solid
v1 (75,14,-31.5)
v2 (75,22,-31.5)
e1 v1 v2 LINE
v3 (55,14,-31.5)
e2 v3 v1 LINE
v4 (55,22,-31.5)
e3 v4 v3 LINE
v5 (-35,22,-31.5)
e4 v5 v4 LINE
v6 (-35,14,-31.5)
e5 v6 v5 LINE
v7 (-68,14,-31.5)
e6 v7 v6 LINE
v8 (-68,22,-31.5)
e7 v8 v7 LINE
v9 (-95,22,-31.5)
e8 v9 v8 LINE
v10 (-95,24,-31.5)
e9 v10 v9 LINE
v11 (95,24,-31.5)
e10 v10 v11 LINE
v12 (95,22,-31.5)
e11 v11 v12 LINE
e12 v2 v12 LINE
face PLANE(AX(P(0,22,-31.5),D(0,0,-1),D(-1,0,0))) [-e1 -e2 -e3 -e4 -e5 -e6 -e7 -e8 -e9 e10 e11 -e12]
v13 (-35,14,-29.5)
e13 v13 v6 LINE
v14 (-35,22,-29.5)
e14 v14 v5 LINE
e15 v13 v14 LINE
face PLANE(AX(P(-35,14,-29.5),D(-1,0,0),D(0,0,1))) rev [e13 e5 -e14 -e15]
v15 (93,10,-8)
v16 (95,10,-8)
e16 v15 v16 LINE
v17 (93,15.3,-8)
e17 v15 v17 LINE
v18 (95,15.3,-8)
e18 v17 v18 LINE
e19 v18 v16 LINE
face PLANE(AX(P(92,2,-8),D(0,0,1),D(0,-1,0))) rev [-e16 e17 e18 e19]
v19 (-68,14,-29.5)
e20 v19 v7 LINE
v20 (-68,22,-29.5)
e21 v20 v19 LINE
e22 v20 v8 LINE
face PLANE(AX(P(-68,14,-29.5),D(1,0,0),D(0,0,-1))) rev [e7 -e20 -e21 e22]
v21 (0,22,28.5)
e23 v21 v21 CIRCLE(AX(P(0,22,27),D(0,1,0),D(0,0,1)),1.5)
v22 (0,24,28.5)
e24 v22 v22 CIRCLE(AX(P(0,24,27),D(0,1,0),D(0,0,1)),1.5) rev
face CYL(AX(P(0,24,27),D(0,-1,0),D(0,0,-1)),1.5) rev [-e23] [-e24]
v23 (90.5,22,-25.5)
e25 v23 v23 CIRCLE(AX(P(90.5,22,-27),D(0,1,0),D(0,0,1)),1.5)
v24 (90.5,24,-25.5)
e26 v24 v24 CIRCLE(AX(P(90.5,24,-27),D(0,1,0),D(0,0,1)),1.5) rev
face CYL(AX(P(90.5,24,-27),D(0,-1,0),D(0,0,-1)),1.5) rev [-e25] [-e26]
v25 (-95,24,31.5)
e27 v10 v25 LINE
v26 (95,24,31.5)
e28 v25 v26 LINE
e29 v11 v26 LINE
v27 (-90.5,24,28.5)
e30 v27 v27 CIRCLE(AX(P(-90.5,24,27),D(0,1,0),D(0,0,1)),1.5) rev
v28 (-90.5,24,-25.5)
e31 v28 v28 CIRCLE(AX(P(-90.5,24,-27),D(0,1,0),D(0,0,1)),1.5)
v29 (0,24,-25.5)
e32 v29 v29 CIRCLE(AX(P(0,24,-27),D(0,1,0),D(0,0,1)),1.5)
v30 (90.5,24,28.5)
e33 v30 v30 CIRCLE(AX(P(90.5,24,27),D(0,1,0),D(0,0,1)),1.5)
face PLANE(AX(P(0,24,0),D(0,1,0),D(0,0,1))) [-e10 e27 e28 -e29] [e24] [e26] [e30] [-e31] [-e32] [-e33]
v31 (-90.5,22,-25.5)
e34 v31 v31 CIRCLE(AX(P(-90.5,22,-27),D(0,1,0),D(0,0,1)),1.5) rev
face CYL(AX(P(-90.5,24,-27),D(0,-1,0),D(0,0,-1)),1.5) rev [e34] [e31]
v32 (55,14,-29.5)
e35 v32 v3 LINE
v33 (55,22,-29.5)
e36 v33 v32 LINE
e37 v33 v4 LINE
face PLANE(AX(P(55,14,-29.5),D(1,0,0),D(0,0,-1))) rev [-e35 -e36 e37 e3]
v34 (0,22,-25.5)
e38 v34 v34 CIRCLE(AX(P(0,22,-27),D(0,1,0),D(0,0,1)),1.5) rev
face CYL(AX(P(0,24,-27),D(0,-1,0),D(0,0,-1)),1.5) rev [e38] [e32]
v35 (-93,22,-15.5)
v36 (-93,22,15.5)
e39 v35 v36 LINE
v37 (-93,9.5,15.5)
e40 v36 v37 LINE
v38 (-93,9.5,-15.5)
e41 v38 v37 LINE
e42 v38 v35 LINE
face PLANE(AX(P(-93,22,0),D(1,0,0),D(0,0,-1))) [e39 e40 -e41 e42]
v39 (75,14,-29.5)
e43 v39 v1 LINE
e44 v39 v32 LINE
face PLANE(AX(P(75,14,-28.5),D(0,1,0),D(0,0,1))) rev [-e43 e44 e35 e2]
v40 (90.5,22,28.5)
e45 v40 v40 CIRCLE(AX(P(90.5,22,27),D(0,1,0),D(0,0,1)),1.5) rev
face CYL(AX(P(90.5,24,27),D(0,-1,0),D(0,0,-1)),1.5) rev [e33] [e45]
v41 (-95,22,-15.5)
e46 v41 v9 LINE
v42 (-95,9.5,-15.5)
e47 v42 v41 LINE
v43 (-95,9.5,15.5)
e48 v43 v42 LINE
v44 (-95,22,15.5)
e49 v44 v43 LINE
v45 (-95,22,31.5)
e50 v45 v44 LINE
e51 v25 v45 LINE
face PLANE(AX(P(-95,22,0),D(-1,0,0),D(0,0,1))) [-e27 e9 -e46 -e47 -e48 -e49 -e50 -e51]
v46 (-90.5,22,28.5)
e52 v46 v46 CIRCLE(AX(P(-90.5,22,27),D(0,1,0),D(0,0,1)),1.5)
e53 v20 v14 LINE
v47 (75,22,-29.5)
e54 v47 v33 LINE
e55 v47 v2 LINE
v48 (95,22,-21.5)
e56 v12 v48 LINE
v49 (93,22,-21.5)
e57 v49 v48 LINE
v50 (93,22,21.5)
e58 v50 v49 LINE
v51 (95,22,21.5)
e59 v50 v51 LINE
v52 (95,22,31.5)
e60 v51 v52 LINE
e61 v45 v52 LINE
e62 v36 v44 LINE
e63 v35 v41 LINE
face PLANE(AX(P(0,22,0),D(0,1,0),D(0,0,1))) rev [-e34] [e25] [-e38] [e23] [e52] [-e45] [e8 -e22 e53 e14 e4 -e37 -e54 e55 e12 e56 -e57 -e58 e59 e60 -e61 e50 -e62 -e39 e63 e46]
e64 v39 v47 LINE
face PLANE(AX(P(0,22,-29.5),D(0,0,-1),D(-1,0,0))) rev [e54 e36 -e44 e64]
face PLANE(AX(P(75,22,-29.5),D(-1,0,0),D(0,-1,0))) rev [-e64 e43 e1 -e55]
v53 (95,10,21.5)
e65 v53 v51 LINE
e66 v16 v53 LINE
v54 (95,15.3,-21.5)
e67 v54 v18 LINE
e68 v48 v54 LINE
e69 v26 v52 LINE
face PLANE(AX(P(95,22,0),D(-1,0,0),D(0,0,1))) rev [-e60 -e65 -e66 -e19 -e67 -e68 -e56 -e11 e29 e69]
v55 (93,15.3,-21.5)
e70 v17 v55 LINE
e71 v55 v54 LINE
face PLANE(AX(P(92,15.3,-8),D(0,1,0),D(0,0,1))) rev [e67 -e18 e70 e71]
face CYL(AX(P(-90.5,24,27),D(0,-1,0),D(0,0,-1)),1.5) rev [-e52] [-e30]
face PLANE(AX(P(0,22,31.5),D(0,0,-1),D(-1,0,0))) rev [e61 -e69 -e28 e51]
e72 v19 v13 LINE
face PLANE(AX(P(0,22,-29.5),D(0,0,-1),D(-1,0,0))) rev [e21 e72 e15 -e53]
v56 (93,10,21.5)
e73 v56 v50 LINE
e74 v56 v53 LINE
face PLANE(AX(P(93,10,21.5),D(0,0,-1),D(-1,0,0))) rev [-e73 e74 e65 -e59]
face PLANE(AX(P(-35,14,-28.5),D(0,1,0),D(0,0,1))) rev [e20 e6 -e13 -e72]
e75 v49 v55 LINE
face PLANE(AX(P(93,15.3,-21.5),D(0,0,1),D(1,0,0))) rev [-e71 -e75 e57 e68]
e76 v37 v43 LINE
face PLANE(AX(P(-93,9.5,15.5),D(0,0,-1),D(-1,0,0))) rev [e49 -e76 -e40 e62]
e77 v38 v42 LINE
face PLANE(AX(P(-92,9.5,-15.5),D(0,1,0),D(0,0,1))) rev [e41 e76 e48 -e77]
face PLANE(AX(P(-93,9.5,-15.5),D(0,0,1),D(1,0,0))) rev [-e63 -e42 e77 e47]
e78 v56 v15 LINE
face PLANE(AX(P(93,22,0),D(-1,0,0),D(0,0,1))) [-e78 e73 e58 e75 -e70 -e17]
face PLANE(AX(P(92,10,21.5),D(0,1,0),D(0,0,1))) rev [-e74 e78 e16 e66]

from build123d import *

# Parameters (mm, degrees)
BOSS_EXTRUDE1_DEPTH   = 2
SKETCH1_4_R           = 1.5
BOSS_EXTRUDE2_DEPTH   = 19
BOSS_EXTRUDE2_2_DEPTH = 19
BOSS_EXTRUDE2_3_DEPTH = 19
BOSS_EXTRUDE2_4_DEPTH = 19
BOSS_EXTRUDE2_5_DEPTH = 19
BOSS_EXTRUDE2_6_DEPTH = 19
SKETCH1_5_R           = 1.5
BOSS_EXTRUDE3_DEPTH   = 20
BOSS_EXTRUDE4_DEPTH   = 22
SKETCH2_W             = 23
SKETCH2_H             = 8
SKETCH2_W_2           = 13.5
SKETCH2_H_2           = 13.3
CUT_EXTRUDE1_DEPTH    = 3
SKETCH3_W             = 20
SKETCH3_H             = 12
SKETCH3_W_2           = 33
CUT_EXTRUDE2_DEPTH    = 3
SKETCH4_W             = 12
SKETCH4_H             = 7.5
CUT_EXTRUDE3_DEPTH    = 3
SKETCH10_W            = 190
SKETCH10_H            = 63
BOSS_EXTRUDE5_DEPTH   = 2
SKETCH10_3_W          = 186
SKETCH10_3_H          = 59
CUT_EXTRUDE7_DEPTH    = 22
CUT_EXTRUDE8_DEPTH    = 2
CUT_EXTRUDE9_DEPTH    = 2
CUT_EXTRUDE10_DEPTH   = 2
SKETCH9_W             = 190
SKETCH9_H             = 22
CUT_EXTRUDE11_DEPTH   = 2
SKETCH1_7_R           = 1.5
CUT_EXTRUDE12_DEPTH   = 24


with BuildPart() as part:
    # Sketch1 → Boss-Extrude1 (new body)
    with BuildSketch(Plane(origin=(0, 0, 0), x_dir=(1, 0, 0), z_dir=(0, 1, 0))):
        with BuildLine():
            Line((-90.5, 22.5), (-93, 22.5))
            Line((-93, 22.5), (-93, -22.5))
            Line((-93, -22.5), (-90.5, -22.5))
            ThreePointArc((-90.5, -22.5), (-87.318019485, -23.818019485), (-86, -27))
            Line((-86, -27), (-86, -29.5))
            Line((-86, -29.5), (-4.5, -29.5))
            Line((-4.5, -29.5), (-4.5, -27))
            ThreePointArc((-4.5, -27), (0, -22.5), (4.5, -27))
            Line((4.5, -27), (4.5, -29.5))
            Line((4.5, -29.5), (86, -29.5))
            Line((86, -29.5), (86, -27))
            ThreePointArc((86, -27), (87.318019485, -23.818019485), (90.5, -22.5))
            Line((90.5, -22.5), (93, -22.5))
            Line((93, -22.5), (93, 22.5))
            Line((93, 22.5), (90.5, 22.5))
            ThreePointArc((90.5, 22.5), (87.318019485, 23.818019485), (86, 27))
            Line((86, 27), (86, 29.5))
            Line((86, 29.5), (4.5, 29.5))
            Line((4.5, 29.5), (4.5, 27))
            ThreePointArc((4.5, 27), (0, 22.5), (-4.5, 27))
            Line((-4.5, 27), (-4.5, 29.5))
            Line((-4.5, 29.5), (-86, 29.5))
            Line((-86, 29.5), (-86, 27))
            ThreePointArc((-86, 27), (-87.318019485, 23.818019485), (-90.5, 22.5))
        make_face()
    extrude(amount=BOSS_EXTRUDE1_DEPTH)



with BuildPart() as body_2:
    # Sketch1<4> → Boss-Extrude2 (new body)
    with BuildSketch(Plane(origin=(0, 0, 0), x_dir=(1, 0, 0), z_dir=(0, 1, 0))):
        with Locations((-90.5, 27)):
            Circle(SKETCH1_4_R)
    extrude(amount=BOSS_EXTRUDE2_DEPTH)



with BuildPart() as body_3:
    # Sketch1<4> → Boss-Extrude2 2 (new body)
    with BuildSketch(Plane(origin=(0, 0, 0), x_dir=(1, 0, 0), z_dir=(0, 1, 0))):
        with Locations((90.5, 27)):
            Circle(SKETCH1_4_R)
    extrude(amount=BOSS_EXTRUDE2_2_DEPTH)


with BuildPart() as body_4:
    # Sketch1<4> → Boss-Extrude2 3 (new body)
    with BuildSketch(Plane(origin=(0, 0, 0), x_dir=(1, 0, 0), z_dir=(0, 1, 0))):
        with Locations((90.5, -27)):
            Circle(SKETCH1_4_R)
    extrude(amount=BOSS_EXTRUDE2_3_DEPTH)


with BuildPart() as body_5:
    # Sketch1<4> → Boss-Extrude2 4 (new body)
    with BuildSketch(Plane(origin=(0, 0, 0), x_dir=(1, 0, 0), z_dir=(0, 1, 0))):
        with Locations((-90.5, -27)):
            Circle(SKETCH1_4_R)
    extrude(amount=BOSS_EXTRUDE2_4_DEPTH)


with BuildPart() as body_6:
    # Sketch1<4> → Boss-Extrude2 5 (new body)
    with BuildSketch(Plane(origin=(0, 0, 0), x_dir=(1, 0, 0), z_dir=(0, 1, 0))):
        with Locations((0, 27)):
            Circle(SKETCH1_4_R)
    extrude(amount=BOSS_EXTRUDE2_5_DEPTH)


with BuildPart() as body_7:
    # Sketch1<4> → Boss-Extrude2 6 (new body)
    with BuildSketch(Plane(origin=(0, 0, 0), x_dir=(1, 0, 0), z_dir=(0, 1, 0))):
        with Locations((0, -27)):
            Circle(SKETCH1_4_R)
    extrude(amount=BOSS_EXTRUDE2_6_DEPTH)


with BuildPart() as body_2_1:
    add(body_2.part)

    add(body_3.part)  # Boss-Extrude3 merges body 3

    add(body_4.part)  # Boss-Extrude3 merges body 4

    add(body_5.part)  # Boss-Extrude3 merges body 5

    add(body_6.part)  # Boss-Extrude3 merges body 6

    add(body_7.part)  # Boss-Extrude3 merges body 7
    # Sketch1<5> → Boss-Extrude3 (add)
    # profile 1 of 6: a face of its own
    with BuildSketch(Plane(origin=(0, 0, 0), x_dir=(1, 0, 0), z_dir=(0, 1, 0))):
        Polygon((93.5, 27), (92, 29.598076211), (89, 29.598076211), (87.5, 27), (89, 24.401923789), (92, 24.401923789), align=None)
        with Locations((90.5, 27)):
            Circle(SKETCH1_5_R, mode=Mode.SUBTRACT)
    # profile 2 of 6: a face of its own
    with BuildSketch(Plane(origin=(0, 0, 0), x_dir=(1, 0, 0), z_dir=(0, 1, 0))):
        Polygon((-92, 29.598076211), (-93.5, 27), (-92, 24.401923789), (-89, 24.401923789), (-87.5, 27), (-89, 29.598076211), align=None)
        with Locations((-90.5, 27)):
            Circle(SKETCH1_5_R, mode=Mode.SUBTRACT)
    # profile 3 of 6: a face of its own
    with BuildSketch(Plane(origin=(0, 0, 0), x_dir=(1, 0, 0), z_dir=(0, 1, 0))):
        Polygon((87.5, -27), (89, -29.598076211), (92, -29.598076211), (93.5, -27), (92, -24.401923789), (89, -24.401923789), align=None)
        with Locations((90.5, -27)):
            Circle(SKETCH1_5_R, mode=Mode.SUBTRACT)
    # profile 4 of 6: a face of its own
    with BuildSketch(Plane(origin=(0, 0, 0), x_dir=(1, 0, 0), z_dir=(0, 1, 0))):
        Polygon((-93.5, -27), (-92, -29.598076211), (-89, -29.598076211), (-87.5, -27), (-89, -24.401923789), (-92, -24.401923789), align=None)
        with Locations((-90.5, -27)):
            Circle(SKETCH1_5_R, mode=Mode.SUBTRACT)
    # profile 5 of 6: a face of its own
    with BuildSketch(Plane(origin=(0, 0, 0), x_dir=(1, 0, 0), z_dir=(0, 1, 0))):
        Polygon((3, -27), (1.5, -24.401923789), (-1.5, -24.401923789), (-3, -27), (-1.5, -29.598076211), (1.5, -29.598076211), align=None)
        with Locations((0, -27)):
            Circle(SKETCH1_5_R, mode=Mode.SUBTRACT)
    # profile 6 of 6: a face of its own
    with BuildSketch(Plane(origin=(0, 0, 0), x_dir=(1, 0, 0), z_dir=(0, 1, 0))):
        Polygon((1.5, 24.401923789), (3, 27), (1.5, 29.598076211), (-1.5, 29.598076211), (-3, 27), (-1.5, 24.401923789), align=None)
        with Locations((0, 27)):
            Circle(SKETCH1_5_R, mode=Mode.SUBTRACT)
    extrude(amount=BOSS_EXTRUDE3_DEPTH)


with BuildPart() as part_1:
    add(part.part)

    add(body_2_1.part)  # Boss-Extrude4 merges body 2
    # Sketch1<6> → Boss-Extrude4 (add)
    with BuildSketch(Plane(origin=(0, 0, 0), x_dir=(1, 0, 0), z_dir=(0, 1, 0))):
        Polygon((-95, -22.5), (-95, -31.5), (-86, -31.5), (86, -31.5), (95, -31.5), (95, -22.5), (95, 22.5), (95, 31.5), (86, 31.5), (4.5, 31.5), (-4.5, 31.5), (-86, 31.5), (-95, 31.5), (-95, 22.5), align=None)
        Polygon((-89, -29.598076211), (-92, -29.598076211), (-93.5, -27), (-92, -24.401923789), (-89, -24.401923789), (-87.5, -27), align=None, mode=Mode.SUBTRACT)
        Polygon((-1.5, -24.401923789), (1.5, -24.401923789), (3, -27), (1.5, -29.598076211), (-1.5, -29.598076211), (-3, -27), align=None, mode=Mode.SUBTRACT)
        Polygon((92, -29.598076211), (89, -29.598076211), (87.5, -27), (89, -24.401923789), (92, -24.401923789), (93.5, -27), align=None, mode=Mode.SUBTRACT)
        Polygon((-92, 24.401923789), (-93.5, 27), (-92, 29.598076211), (-89, 29.598076211), (-87.5, 27), (-89, 24.401923789), align=None, mode=Mode.SUBTRACT)
        Polygon((1.5, 29.598076211), (3, 27), (1.5, 24.401923789), (-1.5, 24.401923789), (-3, 27), (-1.5, 29.598076211), align=None, mode=Mode.SUBTRACT)
        with BuildLine():
            Line((-93, -22.5), (-93, 22.5))
            Line((-93, 22.5), (-90.5, 22.5))
            ThreePointArc((-90.5, 22.5), (-87.318019485, 23.818019485), (-86, 27))
            Line((-86, 27), (-86, 29.5))
            Line((-86, 29.5), (-4.5, 29.5))
            Line((-4.5, 29.5), (-4.5, 27))
            ThreePointArc((-4.5, 27), (0, 22.5), (4.5, 27))
            Line((4.5, 27), (4.5, 29.5))
            Line((4.5, 29.5), (86, 29.5))
            Line((86, 29.5), (86, 27))
            ThreePointArc((86, 27), (87.318019485, 23.818019485), (90.5, 22.5))
            Line((90.5, 22.5), (93, 22.5))
            Line((93, 22.5), (93, -22.5))
            Line((93, -22.5), (90.5, -22.5))
            ThreePointArc((90.5, -22.5), (87.318019485, -23.818019485), (86, -27))
            Line((86, -27), (86, -29.5))
            Line((86, -29.5), (4.5, -29.5))
            Line((4.5, -29.5), (4.5, -27))
            ThreePointArc((4.5, -27), (0, -22.5), (-4.5, -27))
            Line((-4.5, -27), (-4.5, -29.5))
            Line((-4.5, -29.5), (-86, -29.5))
            Line((-86, -29.5), (-86, -27))
            ThreePointArc((-86, -27), (-87.318019485, -23.818019485), (-90.5, -22.5))
            Line((-90.5, -22.5), (-93, -22.5))
        make_face(mode=Mode.SUBTRACT)
        Polygon((89, 29.598076211), (92, 29.598076211), (93.5, 27), (92, 24.401923789), (89, 24.401923789), (87.5, 27), align=None, mode=Mode.SUBTRACT)
    extrude(amount=BOSS_EXTRUDE4_DEPTH)

    # Sketch2 → Cut-Extrude1 (cut)
    with BuildSketch(Plane(origin=(95, 0, 0), x_dir=(0, 0, -1), z_dir=(1, 0, 0))):
        with Locations((-10, 6)):
            Rectangle(SKETCH2_W, SKETCH2_H)
        with Locations((14.75, 8.65)):
            Rectangle(SKETCH2_W_2, SKETCH2_H_2)
    extrude(amount=-CUT_EXTRUDE1_DEPTH, mode=Mode.SUBTRACT)

    # Sketch3 → Cut-Extrude2 (cut)
    with BuildSketch(Plane(origin=(0, 0, -31.5), x_dir=(-1, 0, 0), z_dir=(0, 0, -1))):
        with Locations((-65, 8)):
            Rectangle(SKETCH3_W, SKETCH3_H)
        with Locations((51.5, 8)):
            Rectangle(SKETCH3_W_2, SKETCH3_H)
    extrude(amount=-CUT_EXTRUDE2_DEPTH, mode=Mode.SUBTRACT)

    # Sketch4 → Cut-Extrude3 (cut)
    with BuildSketch(Plane.ZY.offset(95)):
        with Locations((-9.5, 5.75)):
            Rectangle(SKETCH4_W, SKETCH4_H)
        with Locations((9.5, 5.75)):
            Rectangle(SKETCH4_W, SKETCH4_H)
    extrude(amount=-CUT_EXTRUDE3_DEPTH, mode=Mode.SUBTRACT)

    # Sketch10 → Boss-Extrude5 (add)
    with BuildSketch(Plane(origin=(0, 22, 0), x_dir=(1, 0, 0), z_dir=(0, 1, 0))):
        Rectangle(SKETCH10_W, SKETCH10_H)
    extrude(amount=BOSS_EXTRUDE5_DEPTH)

    # Sketch10<3> → Cut-Extrude7 (cut)
    with BuildSketch(Plane(origin=(0, 22, 0), x_dir=(1, 0, 0), z_dir=(0, 1, 0))):
        Rectangle(SKETCH10_3_W, SKETCH10_3_H)
    extrude(amount=-CUT_EXTRUDE7_DEPTH, mode=Mode.SUBTRACT)

    # Sketch5 → Cut-Extrude8 (cut)
    with BuildSketch(Plane(origin=(95, 0, 0), x_dir=(0, 0, -1), z_dir=(1, 0, 0))):
        Polygon((-21.5, 10), (-21.5, 22), (-31.5, 22), (-31.5, 0), (31.5, 0), (31.5, 22), (21.5, 22), (21.5, 15.3), (8, 15.3), (8, 10), align=None)
    extrude(amount=-CUT_EXTRUDE8_DEPTH, mode=Mode.SUBTRACT)

    # Sketch6 → Cut-Extrude9 (cut)
    with BuildSketch(Plane(origin=(0, 0, -31.5), x_dir=(-1, 0, 0), z_dir=(0, 0, -1))):
        Polygon((-75, 22), (-75, 14), (-55, 14), (-55, 22), (35, 22), (35, 14), (68, 14), (68, 22), (95, 22), (95, 0), (-95, 0), (-95, 22), align=None)
    extrude(amount=-CUT_EXTRUDE9_DEPTH, mode=Mode.SUBTRACT)

    # Sketch7 → Cut-Extrude10 (cut)
    with BuildSketch(Plane.ZY.offset(95)):
        Polygon((-15.5, 9.5), (-15.5, 22), (-31.5, 22), (-31.5, 0), (31.5, 0), (31.5, 22), (15.5, 22), (15.5, 9.5), align=None)
    extrude(amount=-CUT_EXTRUDE10_DEPTH, mode=Mode.SUBTRACT)

    # Sketch9 → Cut-Extrude11 (cut)
    with BuildSketch(Plane.XY.offset(31.5)):
        with Locations((0, 11)):
            Rectangle(SKETCH9_W, SKETCH9_H)
    extrude(amount=-CUT_EXTRUDE11_DEPTH, mode=Mode.SUBTRACT)

    # Sketch1<7> → Cut-Extrude12 (cut)
    with BuildSketch(Plane(origin=(0, 0, 0), x_dir=(1, 0, 0), z_dir=(0, 1, 0))):
        with Locations((-90.5, 27)):
            Circle(SKETCH1_7_R)
        with Locations((90.5, 27)):
            Circle(SKETCH1_7_R)
        with Locations((90.5, -27)):
            Circle(SKETCH1_7_R)
        with Locations((-90.5, -27)):
            Circle(SKETCH1_7_R)
        with Locations((0, 27)):
            Circle(SKETCH1_7_R)
        with Locations((0, -27)):
            Circle(SKETCH1_7_R)
    extrude(amount=CUT_EXTRUDE12_DEPTH, mode=Mode.SUBTRACT)


solid = part_1.part
